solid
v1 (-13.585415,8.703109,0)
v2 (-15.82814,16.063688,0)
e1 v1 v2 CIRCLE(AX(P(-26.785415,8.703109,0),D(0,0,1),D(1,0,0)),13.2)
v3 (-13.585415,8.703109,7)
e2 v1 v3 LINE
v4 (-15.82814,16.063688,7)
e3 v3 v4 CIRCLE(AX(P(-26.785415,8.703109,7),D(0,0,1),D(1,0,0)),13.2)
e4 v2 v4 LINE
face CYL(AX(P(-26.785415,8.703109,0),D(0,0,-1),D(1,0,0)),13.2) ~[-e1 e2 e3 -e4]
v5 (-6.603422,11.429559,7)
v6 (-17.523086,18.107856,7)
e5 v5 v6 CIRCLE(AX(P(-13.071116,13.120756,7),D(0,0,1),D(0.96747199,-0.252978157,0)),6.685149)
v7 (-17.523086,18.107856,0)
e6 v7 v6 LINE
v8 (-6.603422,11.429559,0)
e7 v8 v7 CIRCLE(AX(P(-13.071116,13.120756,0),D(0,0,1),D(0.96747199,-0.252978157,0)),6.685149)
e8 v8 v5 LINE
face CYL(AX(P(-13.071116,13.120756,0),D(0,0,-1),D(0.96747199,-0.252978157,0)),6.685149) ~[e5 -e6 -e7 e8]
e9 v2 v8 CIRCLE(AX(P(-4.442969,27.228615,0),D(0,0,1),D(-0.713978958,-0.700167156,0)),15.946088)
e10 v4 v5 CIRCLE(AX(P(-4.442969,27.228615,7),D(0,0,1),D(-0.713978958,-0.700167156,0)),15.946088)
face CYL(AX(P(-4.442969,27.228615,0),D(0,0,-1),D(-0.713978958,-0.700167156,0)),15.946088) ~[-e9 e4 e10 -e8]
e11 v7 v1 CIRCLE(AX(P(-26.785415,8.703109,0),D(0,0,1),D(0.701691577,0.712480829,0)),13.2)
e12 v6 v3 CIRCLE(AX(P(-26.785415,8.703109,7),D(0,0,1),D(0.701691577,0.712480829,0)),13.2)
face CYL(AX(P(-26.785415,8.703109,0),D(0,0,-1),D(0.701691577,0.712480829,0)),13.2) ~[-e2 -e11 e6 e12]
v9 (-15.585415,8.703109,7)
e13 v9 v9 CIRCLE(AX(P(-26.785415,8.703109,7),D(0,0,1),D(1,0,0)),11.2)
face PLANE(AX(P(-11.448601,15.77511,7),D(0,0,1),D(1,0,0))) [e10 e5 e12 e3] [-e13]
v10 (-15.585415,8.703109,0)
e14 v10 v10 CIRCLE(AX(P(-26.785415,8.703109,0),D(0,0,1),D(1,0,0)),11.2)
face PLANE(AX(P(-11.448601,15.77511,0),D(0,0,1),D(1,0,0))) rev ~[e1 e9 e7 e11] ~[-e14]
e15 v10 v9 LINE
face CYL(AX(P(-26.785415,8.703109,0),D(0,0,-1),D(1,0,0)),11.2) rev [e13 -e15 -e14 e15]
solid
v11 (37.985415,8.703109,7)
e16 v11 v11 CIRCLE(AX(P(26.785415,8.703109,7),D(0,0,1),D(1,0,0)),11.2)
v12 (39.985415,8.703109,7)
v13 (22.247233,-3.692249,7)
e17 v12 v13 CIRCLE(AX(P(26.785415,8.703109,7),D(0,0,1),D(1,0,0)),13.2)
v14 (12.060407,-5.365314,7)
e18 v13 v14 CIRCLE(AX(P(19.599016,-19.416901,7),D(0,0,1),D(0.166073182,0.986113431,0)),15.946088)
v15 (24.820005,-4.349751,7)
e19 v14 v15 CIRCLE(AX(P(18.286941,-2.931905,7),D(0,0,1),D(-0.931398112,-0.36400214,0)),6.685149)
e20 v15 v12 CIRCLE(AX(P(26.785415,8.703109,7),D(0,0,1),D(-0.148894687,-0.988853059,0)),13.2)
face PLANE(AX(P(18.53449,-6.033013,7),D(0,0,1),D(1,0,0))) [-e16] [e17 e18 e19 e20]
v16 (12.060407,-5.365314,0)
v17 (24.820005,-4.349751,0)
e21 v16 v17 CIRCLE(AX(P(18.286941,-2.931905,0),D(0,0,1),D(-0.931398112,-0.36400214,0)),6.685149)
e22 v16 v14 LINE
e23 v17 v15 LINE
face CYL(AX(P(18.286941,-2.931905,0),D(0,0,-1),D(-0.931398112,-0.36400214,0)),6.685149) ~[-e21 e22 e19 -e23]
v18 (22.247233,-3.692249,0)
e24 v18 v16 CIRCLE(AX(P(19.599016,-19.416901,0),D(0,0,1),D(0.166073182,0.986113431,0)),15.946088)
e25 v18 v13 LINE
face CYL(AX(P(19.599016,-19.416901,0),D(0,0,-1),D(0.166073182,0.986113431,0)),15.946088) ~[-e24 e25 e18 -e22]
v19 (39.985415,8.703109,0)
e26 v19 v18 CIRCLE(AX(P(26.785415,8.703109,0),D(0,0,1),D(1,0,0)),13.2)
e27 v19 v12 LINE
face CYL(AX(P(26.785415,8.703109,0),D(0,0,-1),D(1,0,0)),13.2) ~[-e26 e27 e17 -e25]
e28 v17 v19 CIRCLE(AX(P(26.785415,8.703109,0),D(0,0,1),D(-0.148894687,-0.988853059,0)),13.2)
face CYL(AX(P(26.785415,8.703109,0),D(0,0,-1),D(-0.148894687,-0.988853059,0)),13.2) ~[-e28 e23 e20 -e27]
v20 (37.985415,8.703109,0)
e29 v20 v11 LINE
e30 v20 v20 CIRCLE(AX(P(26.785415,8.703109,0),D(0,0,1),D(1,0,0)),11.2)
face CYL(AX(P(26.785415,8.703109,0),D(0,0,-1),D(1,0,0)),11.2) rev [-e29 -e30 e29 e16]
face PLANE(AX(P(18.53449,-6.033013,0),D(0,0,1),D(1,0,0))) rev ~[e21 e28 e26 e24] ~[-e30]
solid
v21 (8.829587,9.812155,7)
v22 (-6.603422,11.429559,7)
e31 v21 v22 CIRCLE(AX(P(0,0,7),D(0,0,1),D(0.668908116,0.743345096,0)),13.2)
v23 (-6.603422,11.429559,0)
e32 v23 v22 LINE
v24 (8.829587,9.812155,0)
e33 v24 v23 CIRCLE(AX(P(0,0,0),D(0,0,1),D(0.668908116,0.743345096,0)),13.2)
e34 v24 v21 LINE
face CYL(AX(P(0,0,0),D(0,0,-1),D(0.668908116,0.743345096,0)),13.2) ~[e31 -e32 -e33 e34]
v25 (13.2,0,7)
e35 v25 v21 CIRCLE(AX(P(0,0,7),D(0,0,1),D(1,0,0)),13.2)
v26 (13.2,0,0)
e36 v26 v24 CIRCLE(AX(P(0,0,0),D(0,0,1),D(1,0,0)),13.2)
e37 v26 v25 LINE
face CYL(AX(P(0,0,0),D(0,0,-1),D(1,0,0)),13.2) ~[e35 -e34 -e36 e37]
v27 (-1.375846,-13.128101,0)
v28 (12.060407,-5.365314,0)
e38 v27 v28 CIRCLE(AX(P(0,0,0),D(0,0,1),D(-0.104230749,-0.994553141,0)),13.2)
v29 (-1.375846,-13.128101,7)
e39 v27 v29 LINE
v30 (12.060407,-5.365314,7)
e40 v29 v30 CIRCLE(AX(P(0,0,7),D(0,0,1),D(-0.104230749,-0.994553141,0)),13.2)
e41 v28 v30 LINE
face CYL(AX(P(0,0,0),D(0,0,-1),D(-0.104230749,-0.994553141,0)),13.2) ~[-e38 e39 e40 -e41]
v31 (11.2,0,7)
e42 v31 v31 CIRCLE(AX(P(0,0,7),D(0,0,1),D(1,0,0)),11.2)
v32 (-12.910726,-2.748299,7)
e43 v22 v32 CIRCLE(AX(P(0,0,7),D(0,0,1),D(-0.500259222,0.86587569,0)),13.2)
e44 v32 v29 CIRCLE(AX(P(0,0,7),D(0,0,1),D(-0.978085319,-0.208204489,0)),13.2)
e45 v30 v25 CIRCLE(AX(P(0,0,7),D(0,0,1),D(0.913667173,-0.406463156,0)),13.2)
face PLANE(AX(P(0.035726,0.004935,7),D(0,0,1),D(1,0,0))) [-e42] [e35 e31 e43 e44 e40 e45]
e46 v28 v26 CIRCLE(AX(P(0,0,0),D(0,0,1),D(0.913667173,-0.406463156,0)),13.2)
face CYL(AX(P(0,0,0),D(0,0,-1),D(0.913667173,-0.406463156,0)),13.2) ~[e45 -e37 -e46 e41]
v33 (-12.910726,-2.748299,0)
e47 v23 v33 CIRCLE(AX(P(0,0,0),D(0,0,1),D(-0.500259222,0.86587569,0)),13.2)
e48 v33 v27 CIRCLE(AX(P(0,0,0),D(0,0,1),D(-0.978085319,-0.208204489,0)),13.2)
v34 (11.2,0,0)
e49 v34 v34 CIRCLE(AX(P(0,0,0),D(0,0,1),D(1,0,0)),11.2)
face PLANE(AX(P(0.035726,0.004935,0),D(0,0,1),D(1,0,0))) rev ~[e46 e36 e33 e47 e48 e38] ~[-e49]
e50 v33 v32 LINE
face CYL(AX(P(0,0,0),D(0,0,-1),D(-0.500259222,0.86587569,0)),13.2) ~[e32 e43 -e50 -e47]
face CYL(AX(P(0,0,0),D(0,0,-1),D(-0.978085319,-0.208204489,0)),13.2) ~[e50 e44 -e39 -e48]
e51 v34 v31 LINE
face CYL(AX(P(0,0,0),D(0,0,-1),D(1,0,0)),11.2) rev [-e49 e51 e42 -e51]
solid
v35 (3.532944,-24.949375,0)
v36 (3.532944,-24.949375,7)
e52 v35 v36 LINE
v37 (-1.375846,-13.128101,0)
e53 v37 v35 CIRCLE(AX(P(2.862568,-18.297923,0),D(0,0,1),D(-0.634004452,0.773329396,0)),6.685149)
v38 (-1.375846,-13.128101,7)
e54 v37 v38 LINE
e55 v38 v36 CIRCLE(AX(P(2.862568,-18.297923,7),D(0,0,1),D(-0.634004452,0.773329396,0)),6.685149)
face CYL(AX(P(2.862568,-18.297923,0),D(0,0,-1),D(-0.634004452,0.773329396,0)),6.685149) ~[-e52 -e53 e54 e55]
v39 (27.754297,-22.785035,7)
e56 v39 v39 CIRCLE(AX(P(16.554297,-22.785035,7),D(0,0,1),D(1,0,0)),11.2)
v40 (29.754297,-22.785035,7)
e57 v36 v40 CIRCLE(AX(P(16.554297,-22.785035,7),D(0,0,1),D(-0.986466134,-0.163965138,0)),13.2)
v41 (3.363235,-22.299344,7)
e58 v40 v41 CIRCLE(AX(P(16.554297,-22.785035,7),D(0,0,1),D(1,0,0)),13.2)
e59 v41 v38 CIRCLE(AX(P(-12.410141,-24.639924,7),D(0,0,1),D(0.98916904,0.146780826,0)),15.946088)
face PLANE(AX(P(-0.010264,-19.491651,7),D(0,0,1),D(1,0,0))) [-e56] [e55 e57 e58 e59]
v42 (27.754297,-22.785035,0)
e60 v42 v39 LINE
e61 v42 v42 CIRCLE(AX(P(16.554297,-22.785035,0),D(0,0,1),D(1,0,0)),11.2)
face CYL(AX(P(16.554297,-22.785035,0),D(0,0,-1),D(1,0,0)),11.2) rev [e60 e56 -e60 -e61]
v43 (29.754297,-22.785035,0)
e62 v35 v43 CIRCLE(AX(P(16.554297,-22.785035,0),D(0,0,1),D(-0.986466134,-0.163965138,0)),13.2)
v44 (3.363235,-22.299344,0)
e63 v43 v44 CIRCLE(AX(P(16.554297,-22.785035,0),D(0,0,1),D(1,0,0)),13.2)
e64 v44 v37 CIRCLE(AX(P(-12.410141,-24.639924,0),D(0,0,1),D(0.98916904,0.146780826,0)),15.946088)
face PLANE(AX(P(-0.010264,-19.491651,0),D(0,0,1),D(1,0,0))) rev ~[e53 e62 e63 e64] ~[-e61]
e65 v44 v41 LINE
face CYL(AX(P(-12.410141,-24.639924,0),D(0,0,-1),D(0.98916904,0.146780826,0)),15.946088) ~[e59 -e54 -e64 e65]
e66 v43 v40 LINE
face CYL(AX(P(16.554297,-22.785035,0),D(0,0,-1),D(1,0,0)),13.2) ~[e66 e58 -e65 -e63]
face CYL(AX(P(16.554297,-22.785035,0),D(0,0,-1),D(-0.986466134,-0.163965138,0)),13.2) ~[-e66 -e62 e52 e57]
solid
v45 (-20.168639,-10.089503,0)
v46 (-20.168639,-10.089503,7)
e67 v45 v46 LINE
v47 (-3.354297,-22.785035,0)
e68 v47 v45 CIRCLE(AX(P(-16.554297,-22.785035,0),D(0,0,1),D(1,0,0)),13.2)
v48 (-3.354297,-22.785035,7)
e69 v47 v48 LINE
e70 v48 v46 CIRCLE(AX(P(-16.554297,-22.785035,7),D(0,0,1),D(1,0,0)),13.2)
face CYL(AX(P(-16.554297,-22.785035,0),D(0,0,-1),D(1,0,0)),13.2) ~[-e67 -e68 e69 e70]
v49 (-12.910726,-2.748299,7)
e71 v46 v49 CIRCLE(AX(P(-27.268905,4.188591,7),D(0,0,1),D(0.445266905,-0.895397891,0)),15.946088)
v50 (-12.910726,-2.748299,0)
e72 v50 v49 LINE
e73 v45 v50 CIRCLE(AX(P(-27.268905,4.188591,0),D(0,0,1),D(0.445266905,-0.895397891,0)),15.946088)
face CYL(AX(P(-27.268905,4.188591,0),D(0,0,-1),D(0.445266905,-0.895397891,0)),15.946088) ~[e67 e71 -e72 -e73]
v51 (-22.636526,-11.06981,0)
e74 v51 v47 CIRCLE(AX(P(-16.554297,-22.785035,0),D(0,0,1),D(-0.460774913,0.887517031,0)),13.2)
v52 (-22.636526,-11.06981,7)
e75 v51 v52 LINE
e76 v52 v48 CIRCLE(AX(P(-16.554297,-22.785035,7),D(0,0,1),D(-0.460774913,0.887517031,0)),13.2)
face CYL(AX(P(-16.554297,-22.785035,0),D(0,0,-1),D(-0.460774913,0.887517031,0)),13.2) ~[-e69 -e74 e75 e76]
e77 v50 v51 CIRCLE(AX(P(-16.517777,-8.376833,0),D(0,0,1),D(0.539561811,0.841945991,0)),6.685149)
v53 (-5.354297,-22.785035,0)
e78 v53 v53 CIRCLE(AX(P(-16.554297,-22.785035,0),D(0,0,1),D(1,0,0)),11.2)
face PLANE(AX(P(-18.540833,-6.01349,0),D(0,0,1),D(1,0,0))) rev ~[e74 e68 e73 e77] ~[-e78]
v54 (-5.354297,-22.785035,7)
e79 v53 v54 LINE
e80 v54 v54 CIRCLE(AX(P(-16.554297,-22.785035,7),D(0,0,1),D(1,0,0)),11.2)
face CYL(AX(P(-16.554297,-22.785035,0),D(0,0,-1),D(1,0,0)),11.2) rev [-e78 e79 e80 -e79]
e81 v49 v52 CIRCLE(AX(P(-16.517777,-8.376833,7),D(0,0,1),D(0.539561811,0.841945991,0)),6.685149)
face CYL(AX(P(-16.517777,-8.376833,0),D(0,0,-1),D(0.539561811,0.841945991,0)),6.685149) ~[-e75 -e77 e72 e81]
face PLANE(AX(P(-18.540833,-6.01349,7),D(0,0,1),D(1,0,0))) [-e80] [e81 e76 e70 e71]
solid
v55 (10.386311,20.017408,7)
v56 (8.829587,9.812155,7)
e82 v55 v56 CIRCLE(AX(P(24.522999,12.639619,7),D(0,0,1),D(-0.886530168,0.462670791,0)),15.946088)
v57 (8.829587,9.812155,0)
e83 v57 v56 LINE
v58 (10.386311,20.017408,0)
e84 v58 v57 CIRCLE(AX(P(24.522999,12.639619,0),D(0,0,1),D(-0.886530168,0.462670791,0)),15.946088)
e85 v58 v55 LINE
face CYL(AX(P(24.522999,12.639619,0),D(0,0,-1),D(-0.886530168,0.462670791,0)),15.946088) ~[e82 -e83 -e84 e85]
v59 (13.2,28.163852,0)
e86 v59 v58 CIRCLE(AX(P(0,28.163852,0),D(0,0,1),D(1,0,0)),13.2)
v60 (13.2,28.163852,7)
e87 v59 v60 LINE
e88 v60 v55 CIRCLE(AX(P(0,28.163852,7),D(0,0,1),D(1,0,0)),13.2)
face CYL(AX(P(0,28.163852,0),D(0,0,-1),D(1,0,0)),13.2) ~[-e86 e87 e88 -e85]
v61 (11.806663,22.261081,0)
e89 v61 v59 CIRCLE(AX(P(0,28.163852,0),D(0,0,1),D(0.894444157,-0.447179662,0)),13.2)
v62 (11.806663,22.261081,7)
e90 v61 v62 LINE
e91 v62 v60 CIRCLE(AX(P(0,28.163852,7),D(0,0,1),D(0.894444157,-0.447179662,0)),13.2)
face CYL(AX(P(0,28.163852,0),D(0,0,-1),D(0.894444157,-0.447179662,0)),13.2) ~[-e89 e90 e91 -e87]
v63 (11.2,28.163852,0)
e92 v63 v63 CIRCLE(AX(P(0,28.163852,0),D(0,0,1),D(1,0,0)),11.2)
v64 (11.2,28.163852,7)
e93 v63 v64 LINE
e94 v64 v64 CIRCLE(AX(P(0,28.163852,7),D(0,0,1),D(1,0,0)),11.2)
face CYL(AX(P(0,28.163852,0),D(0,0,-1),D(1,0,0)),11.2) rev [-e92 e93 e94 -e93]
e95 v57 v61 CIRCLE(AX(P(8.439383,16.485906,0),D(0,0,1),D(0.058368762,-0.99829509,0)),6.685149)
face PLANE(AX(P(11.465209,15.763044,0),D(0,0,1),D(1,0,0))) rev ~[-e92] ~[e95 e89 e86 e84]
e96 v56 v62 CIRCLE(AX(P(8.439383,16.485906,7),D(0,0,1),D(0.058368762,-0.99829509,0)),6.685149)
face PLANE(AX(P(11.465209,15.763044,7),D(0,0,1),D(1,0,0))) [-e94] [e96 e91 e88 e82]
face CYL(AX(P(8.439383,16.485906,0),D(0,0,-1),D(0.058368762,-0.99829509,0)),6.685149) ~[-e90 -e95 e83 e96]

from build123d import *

# Parameters (mm, degrees)
F0_R     = 11.2
F1_DEPTH = 7


with BuildPart() as f1:
    # F0 (on Top) → F1 (new body)
    with BuildSketch(Plane.XY):
        with BuildLine():
            ThreePointArc((12.0604066847, -5.3653136534), (12.9119589575, -2.7425017559), (13.2, 0))
            ThreePointArc((13.2, 0), (12.0579963137, 5.3707285258), (8.8295871367, 9.8121552676))
            ThreePointArc((8.8295871367, 9.8121552676), (1.3758458874, 13.1281014657), (-6.6034217276, 11.4295591117))
            ThreePointArc((-6.6034217276, 11.4295591117), (-12.0604066847, 5.3653136534), (-12.9107262064, -2.7482992602))
            ThreePointArc((-12.9107262064, -2.7482992602), (-8.8295871367, -9.8121552676), (-1.3758458874, -13.1281014657))
            ThreePointArc((-1.3758458874, -13.1281014657), (6.6034217276, -11.4295591117), (12.0604066847, -5.3653136534))
        make_face()
        Circle(F0_R, mode=Mode.SUBTRACT)
    extrude(amount=F1_DEPTH)


with BuildPart() as f1b:
    # F0 (on Top) → F1, piece 2 (new body)
    with BuildSketch(Plane.XY):
        with BuildLine():
            ThreePointArc((22.2472331641, -3.6922492336), (17.0146843421, -3.681623368), (12.0604066847, -5.3653136534))
            ThreePointArc((12.0604066847, -5.3653136534), (18.8173485037, -9.5959790593), (24.820005265, -4.3497514309))
            ThreePointArc((24.820005265, -4.3497514309), (23.5170433701, -4.0858607543), (22.2472331641, -3.6922492336))
        make_face()
        with BuildLine():
            ThreePointArc((22.2472331641, -3.6922492336), (23.5473295296, -3.9673525785), (24.820005265, -4.3497514309))
            ThreePointArc((24.820005265, -4.3497514309), (35.3963555487, -1.3014752572), (39.9854151304, 8.7031089476))
            ThreePointArc((39.9854151304, 8.7031089476), (19.224462874, 19.5230905085), (22.2472331641, -3.6922492336))
        make_face()
        with Locations((26.7854151304, 8.7031089476)):
            Circle(F0_R, mode=Mode.SUBTRACT)
        with BuildLine():
            ThreePointArc((22.2472331641, -3.6922492336), (23.5170433701, -4.0858607543), (24.820005265, -4.3497514309))
            ThreePointArc((24.820005265, -4.3497514309), (23.5473295296, -3.9673525785), (22.2472331641, -3.6922492336))
        make_face()
    extrude(amount=F1_DEPTH)


with BuildPart() as f1c:
    # F0 (on Top) → F1, piece 3 (new body)
    with BuildSketch(Plane.XY):
        with BuildLine():
            ThreePointArc((3.3632354321, -22.2993438309), (1.756394721, -17.3196106039), (-1.3758458874, -13.1281014657))
            ThreePointArc((-1.3758458874, -13.1281014657), (-3.3114379379, -20.8616825209), (3.5329439847, -24.9493748552))
            ThreePointArc((3.5329439847, -24.9493748552), (3.3812815638, -23.6286377509), (3.3632354321, -22.2993438309))
        make_face()
        with BuildLine():
            ThreePointArc((3.3632354321, -22.2993438309), (3.5033484746, -23.6208205599), (3.5329439847, -24.9493748552))
            ThreePointArc((3.5329439847, -24.9493748552), (17.6401470384, -35.9402974623), (29.7542969533, -22.7850350327))
            ThreePointArc((29.7542969533, -22.7850350327), (16.7971836758, -9.5872698416), (3.3632354321, -22.2993438309))
        make_face()
        with Locations((16.5542969533, -22.7850350327)):
            Circle(F0_R, mode=Mode.SUBTRACT)
        with BuildLine():
            ThreePointArc((3.3632354321, -22.2993438309), (3.3812815638, -23.6286377509), (3.5329439847, -24.9493748552))
            ThreePointArc((3.5329439847, -24.9493748552), (3.5033484746, -23.6208205599), (3.3632354321, -22.2993438309))
        make_face()
    extrude(amount=F1_DEPTH)


with BuildPart() as f1d:
    # F0 (on Top) → F1, piece 4 (new body)
    with BuildSketch(Plane.XY):
        with BuildLine():
            ThreePointArc((-20.1686393549, -10.0895031807), (-15.9291727069, -7.0224846571), (-12.9107262064, -2.7482992602))
            ThreePointArc((-12.9107262064, -2.7482992602), (-20.863929701, -3.2972498011), (-22.636525802, -11.0698102277))
            ThreePointArc((-22.636525802, -11.0698102277), (-21.4272964382, -10.5174404836), (-20.1686393549, -10.0895031807))
        make_face()
        with BuildLine():
            ThreePointArc((-20.1686393549, -10.0895031807), (-21.3821410978, -10.6311173697), (-22.636525802, -11.0698102277))
            ThreePointArc((-22.636525802, -11.0698102277), (-23.4082950274, -34.0661125699), (-3.3542969533, -22.7850350327))
            ThreePointArc((-3.3542969533, -22.7850350327), (-8.6003457246, -12.2505839388), (-20.1686393549, -10.0895031807))
        make_face()
        with Locations((-16.5542969533, -22.7850350327)):
            Circle(F0_R, mode=Mode.SUBTRACT)
        with BuildLine():
            ThreePointArc((-20.1686393549, -10.0895031807), (-21.4272964382, -10.5174404836), (-22.636525802, -11.0698102277))
            ThreePointArc((-22.636525802, -11.0698102277), (-21.3821410978, -10.6311173697), (-20.1686393549, -10.0895031807))
        make_face()
    extrude(amount=F1_DEPTH)


with BuildPart() as f1e:
    # F0 (on Top) → F1, piece 5 (new body)
    with BuildSketch(Plane.XY):
        with BuildLine():
            ThreePointArc((-15.8281400603, 16.0636879357), (-11.6011648665, 12.9794764003), (-6.6034217276, 11.4295591117))
            ThreePointArc((-6.6034217276, 11.4295591117), (-9.5831797562, 18.8238700744), (-17.5230863176, 18.1078558855))
            ThreePointArc((-17.5230863176, 18.1078558855), (-16.6240790496, 17.1285020574), (-15.8281400603, 16.0636879357))
        make_face()
        with BuildLine():
            ThreePointArc((-15.8281400603, 16.0636879357), (-16.7182384253, 17.050428687), (-17.5230863176, 18.1078558855))
            ThreePointArc((-17.5230863176, 18.1078558855), (-38.961267058, 3.6052044923), (-13.5854151304, 8.7031089476))
            ThreePointArc((-13.5854151304, 8.7031089476), (-14.1585384198, 12.5504436793), (-15.8281400603, 16.0636879357))
        make_face()
        with Locations((-26.7854151304, 8.7031089476)):
            Circle(F0_R, mode=Mode.SUBTRACT)
        with BuildLine():
            ThreePointArc((-15.8281400603, 16.0636879357), (-16.6240790496, 17.1285020574), (-17.5230863176, 18.1078558855))
            ThreePointArc((-17.5230863176, 18.1078558855), (-16.7182384253, 17.050428687), (-15.8281400603, 16.0636879357))
        make_face()
    extrude(amount=F1_DEPTH)


with BuildPart() as f1f:
    # F0 (on Top) → F1, piece 6 (new body)
    with BuildSketch(Plane.XY):
        with BuildLine():
            ThreePointArc((10.386310819, 20.0174083096), (8.7592585103, 15.0442422287), (8.8295871367, 9.8121552676))
            ThreePointArc((8.8295871367, 9.8121552676), (14.9411988913, 14.9310413069), (11.80666287, 22.2610806283))
            ThreePointArc((11.80666287, 22.2610806283), (11.1530505539, 21.1034369314), (10.386310819, 20.0174083096))
        make_face()
        with BuildLine():
            ThreePointArc((10.386310819, 20.0174083096), (11.049701519, 21.168861821), (11.80666287, 22.2610806283))
            ThreePointArc((11.80666287, 22.2610806283), (12.8469441869, 25.131357313), (13.2, 28.1638521701))
            ThreePointArc((13.2, 28.1638521701), (-12.4767644606, 32.4731849021), (10.386310819, 20.0174083096))
        make_face()
        with Locations((0, 28.1638521701)):
            Circle(F0_R, mode=Mode.SUBTRACT)
        with BuildLine():
            ThreePointArc((10.386310819, 20.0174083096), (11.1530505539, 21.1034369314), (11.80666287, 22.2610806283))
            ThreePointArc((11.80666287, 22.2610806283), (11.049701519, 21.168861821), (10.386310819, 20.0174083096))
        make_face()
    extrude(amount=F1_DEPTH)


solid = Compound([f1.part, f1b.part, f1c.part, f1d.part, f1e.part, f1f.part])
